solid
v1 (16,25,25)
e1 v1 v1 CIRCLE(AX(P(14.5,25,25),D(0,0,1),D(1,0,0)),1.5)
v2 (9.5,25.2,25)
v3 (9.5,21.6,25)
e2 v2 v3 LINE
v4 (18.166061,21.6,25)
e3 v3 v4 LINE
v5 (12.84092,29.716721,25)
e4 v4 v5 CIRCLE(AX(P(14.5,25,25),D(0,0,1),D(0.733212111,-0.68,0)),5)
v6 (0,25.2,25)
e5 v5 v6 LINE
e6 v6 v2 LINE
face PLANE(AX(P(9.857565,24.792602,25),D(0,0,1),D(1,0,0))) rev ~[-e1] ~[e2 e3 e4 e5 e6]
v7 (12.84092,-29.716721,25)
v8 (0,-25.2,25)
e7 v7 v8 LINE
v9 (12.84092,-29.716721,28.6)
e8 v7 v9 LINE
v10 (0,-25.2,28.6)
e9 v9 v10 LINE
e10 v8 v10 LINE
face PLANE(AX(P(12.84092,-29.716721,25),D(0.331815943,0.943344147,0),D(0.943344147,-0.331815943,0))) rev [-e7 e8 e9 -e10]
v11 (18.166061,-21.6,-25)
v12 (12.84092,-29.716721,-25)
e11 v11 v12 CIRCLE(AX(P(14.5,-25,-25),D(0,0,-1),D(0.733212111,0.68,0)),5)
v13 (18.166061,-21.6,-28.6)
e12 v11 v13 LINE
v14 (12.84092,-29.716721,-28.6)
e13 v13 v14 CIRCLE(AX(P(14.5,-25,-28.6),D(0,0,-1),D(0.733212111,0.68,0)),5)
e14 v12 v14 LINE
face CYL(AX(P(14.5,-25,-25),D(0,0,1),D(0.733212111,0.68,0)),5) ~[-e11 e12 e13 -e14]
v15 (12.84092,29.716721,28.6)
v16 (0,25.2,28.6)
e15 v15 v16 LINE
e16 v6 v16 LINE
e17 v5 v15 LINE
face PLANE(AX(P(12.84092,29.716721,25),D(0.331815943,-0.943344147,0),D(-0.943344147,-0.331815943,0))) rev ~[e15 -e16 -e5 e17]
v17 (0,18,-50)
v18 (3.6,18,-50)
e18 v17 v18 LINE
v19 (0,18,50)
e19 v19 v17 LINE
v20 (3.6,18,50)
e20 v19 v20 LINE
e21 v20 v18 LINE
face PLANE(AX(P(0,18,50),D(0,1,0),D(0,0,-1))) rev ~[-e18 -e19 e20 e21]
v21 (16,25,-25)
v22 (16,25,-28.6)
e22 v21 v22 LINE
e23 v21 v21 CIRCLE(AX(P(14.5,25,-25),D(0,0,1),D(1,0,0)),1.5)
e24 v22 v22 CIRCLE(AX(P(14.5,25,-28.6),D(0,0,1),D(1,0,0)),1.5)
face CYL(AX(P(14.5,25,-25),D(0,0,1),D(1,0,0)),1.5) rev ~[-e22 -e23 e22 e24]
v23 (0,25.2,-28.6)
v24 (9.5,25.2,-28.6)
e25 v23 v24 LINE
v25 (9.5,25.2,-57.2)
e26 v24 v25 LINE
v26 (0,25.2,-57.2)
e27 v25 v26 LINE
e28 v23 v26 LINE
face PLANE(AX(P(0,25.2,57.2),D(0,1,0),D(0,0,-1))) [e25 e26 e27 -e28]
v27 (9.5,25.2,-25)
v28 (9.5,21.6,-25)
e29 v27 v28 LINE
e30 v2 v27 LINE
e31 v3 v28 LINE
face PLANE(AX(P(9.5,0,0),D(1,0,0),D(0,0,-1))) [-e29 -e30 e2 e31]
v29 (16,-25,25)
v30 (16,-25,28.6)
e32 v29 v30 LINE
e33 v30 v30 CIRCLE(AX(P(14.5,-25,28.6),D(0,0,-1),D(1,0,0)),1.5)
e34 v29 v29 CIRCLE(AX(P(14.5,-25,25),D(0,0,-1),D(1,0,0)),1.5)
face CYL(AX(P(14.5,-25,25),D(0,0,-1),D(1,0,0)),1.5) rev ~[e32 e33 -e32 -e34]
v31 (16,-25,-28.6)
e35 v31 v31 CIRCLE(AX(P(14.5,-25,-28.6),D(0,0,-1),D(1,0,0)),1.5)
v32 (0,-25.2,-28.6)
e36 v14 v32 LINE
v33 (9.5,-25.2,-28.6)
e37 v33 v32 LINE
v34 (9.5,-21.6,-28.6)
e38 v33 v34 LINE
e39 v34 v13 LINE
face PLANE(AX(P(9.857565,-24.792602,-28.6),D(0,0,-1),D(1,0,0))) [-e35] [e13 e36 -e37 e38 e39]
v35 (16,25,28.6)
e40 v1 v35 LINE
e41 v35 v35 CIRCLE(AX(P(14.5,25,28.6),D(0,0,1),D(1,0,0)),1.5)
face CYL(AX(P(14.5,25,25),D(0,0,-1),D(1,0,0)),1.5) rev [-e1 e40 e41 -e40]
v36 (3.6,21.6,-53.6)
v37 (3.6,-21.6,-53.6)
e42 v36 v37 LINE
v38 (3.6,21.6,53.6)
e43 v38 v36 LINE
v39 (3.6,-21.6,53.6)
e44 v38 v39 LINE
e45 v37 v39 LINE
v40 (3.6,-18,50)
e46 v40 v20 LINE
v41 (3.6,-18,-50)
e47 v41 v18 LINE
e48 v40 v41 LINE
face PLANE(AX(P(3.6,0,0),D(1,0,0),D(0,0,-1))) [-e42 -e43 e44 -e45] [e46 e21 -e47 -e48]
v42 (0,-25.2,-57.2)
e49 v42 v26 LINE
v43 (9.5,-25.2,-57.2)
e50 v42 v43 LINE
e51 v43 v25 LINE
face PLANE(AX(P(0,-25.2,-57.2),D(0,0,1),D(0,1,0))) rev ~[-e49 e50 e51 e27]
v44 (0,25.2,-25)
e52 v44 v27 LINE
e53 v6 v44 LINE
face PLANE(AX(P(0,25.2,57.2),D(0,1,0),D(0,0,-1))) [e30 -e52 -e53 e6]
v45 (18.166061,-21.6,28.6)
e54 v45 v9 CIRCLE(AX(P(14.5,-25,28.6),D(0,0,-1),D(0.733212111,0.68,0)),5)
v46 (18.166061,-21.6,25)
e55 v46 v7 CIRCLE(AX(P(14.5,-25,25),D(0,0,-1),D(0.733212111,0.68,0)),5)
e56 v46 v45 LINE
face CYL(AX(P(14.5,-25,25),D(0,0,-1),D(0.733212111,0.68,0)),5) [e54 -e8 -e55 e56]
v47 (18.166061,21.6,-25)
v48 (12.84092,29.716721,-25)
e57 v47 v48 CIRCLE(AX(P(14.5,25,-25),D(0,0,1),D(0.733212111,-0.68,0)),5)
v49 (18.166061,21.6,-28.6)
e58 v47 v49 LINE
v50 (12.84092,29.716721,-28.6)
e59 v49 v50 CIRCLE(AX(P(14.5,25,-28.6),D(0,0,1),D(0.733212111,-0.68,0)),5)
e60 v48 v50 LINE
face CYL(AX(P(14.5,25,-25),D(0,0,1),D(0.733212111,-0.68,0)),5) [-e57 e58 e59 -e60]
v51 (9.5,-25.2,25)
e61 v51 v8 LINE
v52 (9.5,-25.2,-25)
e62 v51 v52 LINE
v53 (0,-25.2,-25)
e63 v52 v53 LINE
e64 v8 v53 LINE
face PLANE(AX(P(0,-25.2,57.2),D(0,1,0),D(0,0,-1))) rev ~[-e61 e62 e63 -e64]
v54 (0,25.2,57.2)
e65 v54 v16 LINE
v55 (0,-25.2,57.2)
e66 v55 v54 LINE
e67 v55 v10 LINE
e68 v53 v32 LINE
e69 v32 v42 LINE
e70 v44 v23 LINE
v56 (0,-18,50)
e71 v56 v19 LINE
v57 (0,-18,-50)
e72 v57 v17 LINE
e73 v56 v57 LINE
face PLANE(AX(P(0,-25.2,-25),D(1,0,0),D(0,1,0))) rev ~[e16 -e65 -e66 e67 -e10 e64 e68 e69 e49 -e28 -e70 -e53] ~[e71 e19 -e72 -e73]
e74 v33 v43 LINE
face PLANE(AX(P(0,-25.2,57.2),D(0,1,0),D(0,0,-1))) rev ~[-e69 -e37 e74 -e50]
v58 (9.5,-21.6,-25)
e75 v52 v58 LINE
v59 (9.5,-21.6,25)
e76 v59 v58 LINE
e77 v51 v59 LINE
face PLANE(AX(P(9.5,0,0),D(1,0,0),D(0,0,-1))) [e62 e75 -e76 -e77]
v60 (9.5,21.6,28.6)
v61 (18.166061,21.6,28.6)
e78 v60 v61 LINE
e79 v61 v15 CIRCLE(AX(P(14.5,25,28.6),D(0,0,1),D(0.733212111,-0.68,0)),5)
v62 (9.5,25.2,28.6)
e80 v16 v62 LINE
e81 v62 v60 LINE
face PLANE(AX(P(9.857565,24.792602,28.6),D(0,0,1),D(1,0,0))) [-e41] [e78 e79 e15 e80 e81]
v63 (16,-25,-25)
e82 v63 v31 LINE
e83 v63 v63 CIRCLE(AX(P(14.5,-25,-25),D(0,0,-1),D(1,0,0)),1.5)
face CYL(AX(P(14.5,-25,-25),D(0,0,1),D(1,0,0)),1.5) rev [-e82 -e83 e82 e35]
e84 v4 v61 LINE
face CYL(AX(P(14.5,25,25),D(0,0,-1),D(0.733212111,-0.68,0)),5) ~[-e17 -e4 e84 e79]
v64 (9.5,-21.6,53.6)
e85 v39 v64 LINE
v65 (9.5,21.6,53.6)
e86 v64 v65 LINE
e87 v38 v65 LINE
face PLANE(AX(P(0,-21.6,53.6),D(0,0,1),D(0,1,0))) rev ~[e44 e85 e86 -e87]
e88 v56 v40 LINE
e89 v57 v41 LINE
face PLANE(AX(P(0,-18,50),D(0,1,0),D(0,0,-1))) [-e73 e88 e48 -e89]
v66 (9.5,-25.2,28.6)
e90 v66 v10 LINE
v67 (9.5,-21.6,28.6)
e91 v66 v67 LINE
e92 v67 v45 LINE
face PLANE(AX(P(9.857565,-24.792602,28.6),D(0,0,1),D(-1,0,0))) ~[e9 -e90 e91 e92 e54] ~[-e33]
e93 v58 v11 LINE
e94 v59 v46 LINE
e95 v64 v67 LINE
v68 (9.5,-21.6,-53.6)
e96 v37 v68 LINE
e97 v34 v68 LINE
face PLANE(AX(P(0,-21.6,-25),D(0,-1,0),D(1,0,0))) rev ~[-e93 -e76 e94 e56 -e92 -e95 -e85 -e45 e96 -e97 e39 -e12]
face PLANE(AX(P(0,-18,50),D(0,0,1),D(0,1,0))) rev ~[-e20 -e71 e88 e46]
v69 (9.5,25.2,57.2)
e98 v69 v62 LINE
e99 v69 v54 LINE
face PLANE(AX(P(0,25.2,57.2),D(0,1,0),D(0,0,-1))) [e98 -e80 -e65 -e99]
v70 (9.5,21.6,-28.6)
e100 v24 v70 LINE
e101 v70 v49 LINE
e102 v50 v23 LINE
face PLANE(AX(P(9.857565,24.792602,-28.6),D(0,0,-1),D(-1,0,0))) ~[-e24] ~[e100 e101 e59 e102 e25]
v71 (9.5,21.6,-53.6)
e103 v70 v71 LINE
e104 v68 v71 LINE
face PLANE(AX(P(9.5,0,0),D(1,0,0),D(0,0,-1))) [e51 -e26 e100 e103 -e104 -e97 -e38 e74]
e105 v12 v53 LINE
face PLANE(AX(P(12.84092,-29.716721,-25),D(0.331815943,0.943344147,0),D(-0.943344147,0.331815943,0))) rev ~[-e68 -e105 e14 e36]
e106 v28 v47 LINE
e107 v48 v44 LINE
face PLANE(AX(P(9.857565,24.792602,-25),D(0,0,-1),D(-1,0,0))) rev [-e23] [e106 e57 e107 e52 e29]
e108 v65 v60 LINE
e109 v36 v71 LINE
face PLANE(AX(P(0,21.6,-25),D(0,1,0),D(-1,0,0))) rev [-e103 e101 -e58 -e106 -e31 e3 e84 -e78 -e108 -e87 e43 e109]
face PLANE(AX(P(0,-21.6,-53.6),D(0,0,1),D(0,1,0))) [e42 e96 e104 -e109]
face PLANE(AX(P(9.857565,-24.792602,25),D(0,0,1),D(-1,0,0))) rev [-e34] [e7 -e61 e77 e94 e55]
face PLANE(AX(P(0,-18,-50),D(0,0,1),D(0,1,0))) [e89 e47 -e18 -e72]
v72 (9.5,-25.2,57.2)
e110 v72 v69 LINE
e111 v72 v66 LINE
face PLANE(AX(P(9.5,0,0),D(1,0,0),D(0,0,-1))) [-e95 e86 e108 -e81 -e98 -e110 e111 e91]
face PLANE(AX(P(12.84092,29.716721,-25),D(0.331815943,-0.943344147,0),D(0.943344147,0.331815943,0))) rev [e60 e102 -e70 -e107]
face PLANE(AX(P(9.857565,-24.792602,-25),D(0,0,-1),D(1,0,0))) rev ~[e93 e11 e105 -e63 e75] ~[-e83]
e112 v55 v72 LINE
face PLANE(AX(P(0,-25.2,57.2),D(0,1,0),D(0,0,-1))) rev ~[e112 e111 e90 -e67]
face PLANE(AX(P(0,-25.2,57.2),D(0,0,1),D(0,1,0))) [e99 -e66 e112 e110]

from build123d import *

# Parameters (mm, degrees)
SKETCH_1_W               = 114.4
SKETCH_1_H               = 50.4
SKETCH_1_W_2             = 100
SKETCH_1_H_2             = 36
EXTRUDE_1_DEPTH          = 3.6
SKETCH_1_3_W             = 114.4
SKETCH_1_3_H             = 50.4
SKETCH_1_3_W_2           = 107.2
SKETCH_1_3_H_2           = 43.2
EXTRUDE_2_DEPTH          = 9.5
EXTRUDE_START            = 25
SKETCH_2_R               = 1.5
EXTRUDE_3_DEPTH          = 3.6
MIRROR_START             = 25
MIRROR_2_COPY_1_SKETCH_R = 1.5
MIRROR_2_COPY_1_DEPTH    = 3.6


with BuildPart() as part:
    # 草图1 → 凸台-拉伸1 (new body)
    with BuildSketch(Plane(origin=(0, 0, 0), x_dir=(0, 0, -1), z_dir=(1, 0, 0))):
        Rectangle(SKETCH_1_W, SKETCH_1_H)
        Rectangle(SKETCH_1_W_2, SKETCH_1_H_2, mode=Mode.SUBTRACT)
    extrude(amount=EXTRUDE_1_DEPTH)

    # 草图1<3> → 凸台-拉伸2 (add)
    with BuildSketch(Plane(origin=(0, 0, 0), x_dir=(0, 0, -1), z_dir=(1, 0, 0))):
        Rectangle(SKETCH_1_3_W, SKETCH_1_3_H)
        Rectangle(SKETCH_1_3_W_2, SKETCH_1_3_H_2, mode=Mode.SUBTRACT)
    extrude(amount=EXTRUDE_2_DEPTH)

    # 草图2 → 凸台-拉伸3 (add)
    with BuildSketch(Plane.XY.offset(EXTRUDE_START)):
        with BuildLine():
            Line((12.840920286, 29.716720736), (0, 25.2))
            Line((0, 25.2), (0, 21.6))
            Line((0, 21.6), (9.5, 21.6))
            Line((9.5, 21.6), (18.166060556, 21.6))
            ThreePointArc((18.166060556, 21.6), (18.680583919, 27.74275739), (12.840920286, 29.716720736))
        make_face()
        with Locations((14.5, 25)):
            Circle(SKETCH_2_R, mode=Mode.SUBTRACT)
    extrude_3 = extrude(amount=EXTRUDE_3_DEPTH)

    # 镜向1: 凸台-拉伸3 across plane
    add(extrude_3.mirror(Plane.XY))

    # 镜向2: 凸台-拉伸3 across plane
    add(extrude_3.mirror(Plane.ZX))

    # 镜向2 copy 1 sketch → 镜向2 copy 1 (add)
    with BuildSketch(Plane(origin=(0, 0, 0), x_dir=(1, 0, 0), z_dir=(0, 0, -1)).offset(MIRROR_START)):
        with BuildLine():
            Line((12.840920286, 29.716720736), (0, 25.2))
            Line((0, 25.2), (0, 21.6))
            Line((0, 21.6), (9.5, 21.6))
            Line((9.5, 21.6), (18.166060556, 21.6))
            ThreePointArc((18.166060556, 21.6), (18.680583919, 27.74275739), (12.840920286, 29.716720736))
        make_face()
        with Locations((14.5, 25)):
            Circle(MIRROR_2_COPY_1_SKETCH_R, mode=Mode.SUBTRACT)
    extrude(amount=MIRROR_2_COPY_1_DEPTH)


solid = part.part
